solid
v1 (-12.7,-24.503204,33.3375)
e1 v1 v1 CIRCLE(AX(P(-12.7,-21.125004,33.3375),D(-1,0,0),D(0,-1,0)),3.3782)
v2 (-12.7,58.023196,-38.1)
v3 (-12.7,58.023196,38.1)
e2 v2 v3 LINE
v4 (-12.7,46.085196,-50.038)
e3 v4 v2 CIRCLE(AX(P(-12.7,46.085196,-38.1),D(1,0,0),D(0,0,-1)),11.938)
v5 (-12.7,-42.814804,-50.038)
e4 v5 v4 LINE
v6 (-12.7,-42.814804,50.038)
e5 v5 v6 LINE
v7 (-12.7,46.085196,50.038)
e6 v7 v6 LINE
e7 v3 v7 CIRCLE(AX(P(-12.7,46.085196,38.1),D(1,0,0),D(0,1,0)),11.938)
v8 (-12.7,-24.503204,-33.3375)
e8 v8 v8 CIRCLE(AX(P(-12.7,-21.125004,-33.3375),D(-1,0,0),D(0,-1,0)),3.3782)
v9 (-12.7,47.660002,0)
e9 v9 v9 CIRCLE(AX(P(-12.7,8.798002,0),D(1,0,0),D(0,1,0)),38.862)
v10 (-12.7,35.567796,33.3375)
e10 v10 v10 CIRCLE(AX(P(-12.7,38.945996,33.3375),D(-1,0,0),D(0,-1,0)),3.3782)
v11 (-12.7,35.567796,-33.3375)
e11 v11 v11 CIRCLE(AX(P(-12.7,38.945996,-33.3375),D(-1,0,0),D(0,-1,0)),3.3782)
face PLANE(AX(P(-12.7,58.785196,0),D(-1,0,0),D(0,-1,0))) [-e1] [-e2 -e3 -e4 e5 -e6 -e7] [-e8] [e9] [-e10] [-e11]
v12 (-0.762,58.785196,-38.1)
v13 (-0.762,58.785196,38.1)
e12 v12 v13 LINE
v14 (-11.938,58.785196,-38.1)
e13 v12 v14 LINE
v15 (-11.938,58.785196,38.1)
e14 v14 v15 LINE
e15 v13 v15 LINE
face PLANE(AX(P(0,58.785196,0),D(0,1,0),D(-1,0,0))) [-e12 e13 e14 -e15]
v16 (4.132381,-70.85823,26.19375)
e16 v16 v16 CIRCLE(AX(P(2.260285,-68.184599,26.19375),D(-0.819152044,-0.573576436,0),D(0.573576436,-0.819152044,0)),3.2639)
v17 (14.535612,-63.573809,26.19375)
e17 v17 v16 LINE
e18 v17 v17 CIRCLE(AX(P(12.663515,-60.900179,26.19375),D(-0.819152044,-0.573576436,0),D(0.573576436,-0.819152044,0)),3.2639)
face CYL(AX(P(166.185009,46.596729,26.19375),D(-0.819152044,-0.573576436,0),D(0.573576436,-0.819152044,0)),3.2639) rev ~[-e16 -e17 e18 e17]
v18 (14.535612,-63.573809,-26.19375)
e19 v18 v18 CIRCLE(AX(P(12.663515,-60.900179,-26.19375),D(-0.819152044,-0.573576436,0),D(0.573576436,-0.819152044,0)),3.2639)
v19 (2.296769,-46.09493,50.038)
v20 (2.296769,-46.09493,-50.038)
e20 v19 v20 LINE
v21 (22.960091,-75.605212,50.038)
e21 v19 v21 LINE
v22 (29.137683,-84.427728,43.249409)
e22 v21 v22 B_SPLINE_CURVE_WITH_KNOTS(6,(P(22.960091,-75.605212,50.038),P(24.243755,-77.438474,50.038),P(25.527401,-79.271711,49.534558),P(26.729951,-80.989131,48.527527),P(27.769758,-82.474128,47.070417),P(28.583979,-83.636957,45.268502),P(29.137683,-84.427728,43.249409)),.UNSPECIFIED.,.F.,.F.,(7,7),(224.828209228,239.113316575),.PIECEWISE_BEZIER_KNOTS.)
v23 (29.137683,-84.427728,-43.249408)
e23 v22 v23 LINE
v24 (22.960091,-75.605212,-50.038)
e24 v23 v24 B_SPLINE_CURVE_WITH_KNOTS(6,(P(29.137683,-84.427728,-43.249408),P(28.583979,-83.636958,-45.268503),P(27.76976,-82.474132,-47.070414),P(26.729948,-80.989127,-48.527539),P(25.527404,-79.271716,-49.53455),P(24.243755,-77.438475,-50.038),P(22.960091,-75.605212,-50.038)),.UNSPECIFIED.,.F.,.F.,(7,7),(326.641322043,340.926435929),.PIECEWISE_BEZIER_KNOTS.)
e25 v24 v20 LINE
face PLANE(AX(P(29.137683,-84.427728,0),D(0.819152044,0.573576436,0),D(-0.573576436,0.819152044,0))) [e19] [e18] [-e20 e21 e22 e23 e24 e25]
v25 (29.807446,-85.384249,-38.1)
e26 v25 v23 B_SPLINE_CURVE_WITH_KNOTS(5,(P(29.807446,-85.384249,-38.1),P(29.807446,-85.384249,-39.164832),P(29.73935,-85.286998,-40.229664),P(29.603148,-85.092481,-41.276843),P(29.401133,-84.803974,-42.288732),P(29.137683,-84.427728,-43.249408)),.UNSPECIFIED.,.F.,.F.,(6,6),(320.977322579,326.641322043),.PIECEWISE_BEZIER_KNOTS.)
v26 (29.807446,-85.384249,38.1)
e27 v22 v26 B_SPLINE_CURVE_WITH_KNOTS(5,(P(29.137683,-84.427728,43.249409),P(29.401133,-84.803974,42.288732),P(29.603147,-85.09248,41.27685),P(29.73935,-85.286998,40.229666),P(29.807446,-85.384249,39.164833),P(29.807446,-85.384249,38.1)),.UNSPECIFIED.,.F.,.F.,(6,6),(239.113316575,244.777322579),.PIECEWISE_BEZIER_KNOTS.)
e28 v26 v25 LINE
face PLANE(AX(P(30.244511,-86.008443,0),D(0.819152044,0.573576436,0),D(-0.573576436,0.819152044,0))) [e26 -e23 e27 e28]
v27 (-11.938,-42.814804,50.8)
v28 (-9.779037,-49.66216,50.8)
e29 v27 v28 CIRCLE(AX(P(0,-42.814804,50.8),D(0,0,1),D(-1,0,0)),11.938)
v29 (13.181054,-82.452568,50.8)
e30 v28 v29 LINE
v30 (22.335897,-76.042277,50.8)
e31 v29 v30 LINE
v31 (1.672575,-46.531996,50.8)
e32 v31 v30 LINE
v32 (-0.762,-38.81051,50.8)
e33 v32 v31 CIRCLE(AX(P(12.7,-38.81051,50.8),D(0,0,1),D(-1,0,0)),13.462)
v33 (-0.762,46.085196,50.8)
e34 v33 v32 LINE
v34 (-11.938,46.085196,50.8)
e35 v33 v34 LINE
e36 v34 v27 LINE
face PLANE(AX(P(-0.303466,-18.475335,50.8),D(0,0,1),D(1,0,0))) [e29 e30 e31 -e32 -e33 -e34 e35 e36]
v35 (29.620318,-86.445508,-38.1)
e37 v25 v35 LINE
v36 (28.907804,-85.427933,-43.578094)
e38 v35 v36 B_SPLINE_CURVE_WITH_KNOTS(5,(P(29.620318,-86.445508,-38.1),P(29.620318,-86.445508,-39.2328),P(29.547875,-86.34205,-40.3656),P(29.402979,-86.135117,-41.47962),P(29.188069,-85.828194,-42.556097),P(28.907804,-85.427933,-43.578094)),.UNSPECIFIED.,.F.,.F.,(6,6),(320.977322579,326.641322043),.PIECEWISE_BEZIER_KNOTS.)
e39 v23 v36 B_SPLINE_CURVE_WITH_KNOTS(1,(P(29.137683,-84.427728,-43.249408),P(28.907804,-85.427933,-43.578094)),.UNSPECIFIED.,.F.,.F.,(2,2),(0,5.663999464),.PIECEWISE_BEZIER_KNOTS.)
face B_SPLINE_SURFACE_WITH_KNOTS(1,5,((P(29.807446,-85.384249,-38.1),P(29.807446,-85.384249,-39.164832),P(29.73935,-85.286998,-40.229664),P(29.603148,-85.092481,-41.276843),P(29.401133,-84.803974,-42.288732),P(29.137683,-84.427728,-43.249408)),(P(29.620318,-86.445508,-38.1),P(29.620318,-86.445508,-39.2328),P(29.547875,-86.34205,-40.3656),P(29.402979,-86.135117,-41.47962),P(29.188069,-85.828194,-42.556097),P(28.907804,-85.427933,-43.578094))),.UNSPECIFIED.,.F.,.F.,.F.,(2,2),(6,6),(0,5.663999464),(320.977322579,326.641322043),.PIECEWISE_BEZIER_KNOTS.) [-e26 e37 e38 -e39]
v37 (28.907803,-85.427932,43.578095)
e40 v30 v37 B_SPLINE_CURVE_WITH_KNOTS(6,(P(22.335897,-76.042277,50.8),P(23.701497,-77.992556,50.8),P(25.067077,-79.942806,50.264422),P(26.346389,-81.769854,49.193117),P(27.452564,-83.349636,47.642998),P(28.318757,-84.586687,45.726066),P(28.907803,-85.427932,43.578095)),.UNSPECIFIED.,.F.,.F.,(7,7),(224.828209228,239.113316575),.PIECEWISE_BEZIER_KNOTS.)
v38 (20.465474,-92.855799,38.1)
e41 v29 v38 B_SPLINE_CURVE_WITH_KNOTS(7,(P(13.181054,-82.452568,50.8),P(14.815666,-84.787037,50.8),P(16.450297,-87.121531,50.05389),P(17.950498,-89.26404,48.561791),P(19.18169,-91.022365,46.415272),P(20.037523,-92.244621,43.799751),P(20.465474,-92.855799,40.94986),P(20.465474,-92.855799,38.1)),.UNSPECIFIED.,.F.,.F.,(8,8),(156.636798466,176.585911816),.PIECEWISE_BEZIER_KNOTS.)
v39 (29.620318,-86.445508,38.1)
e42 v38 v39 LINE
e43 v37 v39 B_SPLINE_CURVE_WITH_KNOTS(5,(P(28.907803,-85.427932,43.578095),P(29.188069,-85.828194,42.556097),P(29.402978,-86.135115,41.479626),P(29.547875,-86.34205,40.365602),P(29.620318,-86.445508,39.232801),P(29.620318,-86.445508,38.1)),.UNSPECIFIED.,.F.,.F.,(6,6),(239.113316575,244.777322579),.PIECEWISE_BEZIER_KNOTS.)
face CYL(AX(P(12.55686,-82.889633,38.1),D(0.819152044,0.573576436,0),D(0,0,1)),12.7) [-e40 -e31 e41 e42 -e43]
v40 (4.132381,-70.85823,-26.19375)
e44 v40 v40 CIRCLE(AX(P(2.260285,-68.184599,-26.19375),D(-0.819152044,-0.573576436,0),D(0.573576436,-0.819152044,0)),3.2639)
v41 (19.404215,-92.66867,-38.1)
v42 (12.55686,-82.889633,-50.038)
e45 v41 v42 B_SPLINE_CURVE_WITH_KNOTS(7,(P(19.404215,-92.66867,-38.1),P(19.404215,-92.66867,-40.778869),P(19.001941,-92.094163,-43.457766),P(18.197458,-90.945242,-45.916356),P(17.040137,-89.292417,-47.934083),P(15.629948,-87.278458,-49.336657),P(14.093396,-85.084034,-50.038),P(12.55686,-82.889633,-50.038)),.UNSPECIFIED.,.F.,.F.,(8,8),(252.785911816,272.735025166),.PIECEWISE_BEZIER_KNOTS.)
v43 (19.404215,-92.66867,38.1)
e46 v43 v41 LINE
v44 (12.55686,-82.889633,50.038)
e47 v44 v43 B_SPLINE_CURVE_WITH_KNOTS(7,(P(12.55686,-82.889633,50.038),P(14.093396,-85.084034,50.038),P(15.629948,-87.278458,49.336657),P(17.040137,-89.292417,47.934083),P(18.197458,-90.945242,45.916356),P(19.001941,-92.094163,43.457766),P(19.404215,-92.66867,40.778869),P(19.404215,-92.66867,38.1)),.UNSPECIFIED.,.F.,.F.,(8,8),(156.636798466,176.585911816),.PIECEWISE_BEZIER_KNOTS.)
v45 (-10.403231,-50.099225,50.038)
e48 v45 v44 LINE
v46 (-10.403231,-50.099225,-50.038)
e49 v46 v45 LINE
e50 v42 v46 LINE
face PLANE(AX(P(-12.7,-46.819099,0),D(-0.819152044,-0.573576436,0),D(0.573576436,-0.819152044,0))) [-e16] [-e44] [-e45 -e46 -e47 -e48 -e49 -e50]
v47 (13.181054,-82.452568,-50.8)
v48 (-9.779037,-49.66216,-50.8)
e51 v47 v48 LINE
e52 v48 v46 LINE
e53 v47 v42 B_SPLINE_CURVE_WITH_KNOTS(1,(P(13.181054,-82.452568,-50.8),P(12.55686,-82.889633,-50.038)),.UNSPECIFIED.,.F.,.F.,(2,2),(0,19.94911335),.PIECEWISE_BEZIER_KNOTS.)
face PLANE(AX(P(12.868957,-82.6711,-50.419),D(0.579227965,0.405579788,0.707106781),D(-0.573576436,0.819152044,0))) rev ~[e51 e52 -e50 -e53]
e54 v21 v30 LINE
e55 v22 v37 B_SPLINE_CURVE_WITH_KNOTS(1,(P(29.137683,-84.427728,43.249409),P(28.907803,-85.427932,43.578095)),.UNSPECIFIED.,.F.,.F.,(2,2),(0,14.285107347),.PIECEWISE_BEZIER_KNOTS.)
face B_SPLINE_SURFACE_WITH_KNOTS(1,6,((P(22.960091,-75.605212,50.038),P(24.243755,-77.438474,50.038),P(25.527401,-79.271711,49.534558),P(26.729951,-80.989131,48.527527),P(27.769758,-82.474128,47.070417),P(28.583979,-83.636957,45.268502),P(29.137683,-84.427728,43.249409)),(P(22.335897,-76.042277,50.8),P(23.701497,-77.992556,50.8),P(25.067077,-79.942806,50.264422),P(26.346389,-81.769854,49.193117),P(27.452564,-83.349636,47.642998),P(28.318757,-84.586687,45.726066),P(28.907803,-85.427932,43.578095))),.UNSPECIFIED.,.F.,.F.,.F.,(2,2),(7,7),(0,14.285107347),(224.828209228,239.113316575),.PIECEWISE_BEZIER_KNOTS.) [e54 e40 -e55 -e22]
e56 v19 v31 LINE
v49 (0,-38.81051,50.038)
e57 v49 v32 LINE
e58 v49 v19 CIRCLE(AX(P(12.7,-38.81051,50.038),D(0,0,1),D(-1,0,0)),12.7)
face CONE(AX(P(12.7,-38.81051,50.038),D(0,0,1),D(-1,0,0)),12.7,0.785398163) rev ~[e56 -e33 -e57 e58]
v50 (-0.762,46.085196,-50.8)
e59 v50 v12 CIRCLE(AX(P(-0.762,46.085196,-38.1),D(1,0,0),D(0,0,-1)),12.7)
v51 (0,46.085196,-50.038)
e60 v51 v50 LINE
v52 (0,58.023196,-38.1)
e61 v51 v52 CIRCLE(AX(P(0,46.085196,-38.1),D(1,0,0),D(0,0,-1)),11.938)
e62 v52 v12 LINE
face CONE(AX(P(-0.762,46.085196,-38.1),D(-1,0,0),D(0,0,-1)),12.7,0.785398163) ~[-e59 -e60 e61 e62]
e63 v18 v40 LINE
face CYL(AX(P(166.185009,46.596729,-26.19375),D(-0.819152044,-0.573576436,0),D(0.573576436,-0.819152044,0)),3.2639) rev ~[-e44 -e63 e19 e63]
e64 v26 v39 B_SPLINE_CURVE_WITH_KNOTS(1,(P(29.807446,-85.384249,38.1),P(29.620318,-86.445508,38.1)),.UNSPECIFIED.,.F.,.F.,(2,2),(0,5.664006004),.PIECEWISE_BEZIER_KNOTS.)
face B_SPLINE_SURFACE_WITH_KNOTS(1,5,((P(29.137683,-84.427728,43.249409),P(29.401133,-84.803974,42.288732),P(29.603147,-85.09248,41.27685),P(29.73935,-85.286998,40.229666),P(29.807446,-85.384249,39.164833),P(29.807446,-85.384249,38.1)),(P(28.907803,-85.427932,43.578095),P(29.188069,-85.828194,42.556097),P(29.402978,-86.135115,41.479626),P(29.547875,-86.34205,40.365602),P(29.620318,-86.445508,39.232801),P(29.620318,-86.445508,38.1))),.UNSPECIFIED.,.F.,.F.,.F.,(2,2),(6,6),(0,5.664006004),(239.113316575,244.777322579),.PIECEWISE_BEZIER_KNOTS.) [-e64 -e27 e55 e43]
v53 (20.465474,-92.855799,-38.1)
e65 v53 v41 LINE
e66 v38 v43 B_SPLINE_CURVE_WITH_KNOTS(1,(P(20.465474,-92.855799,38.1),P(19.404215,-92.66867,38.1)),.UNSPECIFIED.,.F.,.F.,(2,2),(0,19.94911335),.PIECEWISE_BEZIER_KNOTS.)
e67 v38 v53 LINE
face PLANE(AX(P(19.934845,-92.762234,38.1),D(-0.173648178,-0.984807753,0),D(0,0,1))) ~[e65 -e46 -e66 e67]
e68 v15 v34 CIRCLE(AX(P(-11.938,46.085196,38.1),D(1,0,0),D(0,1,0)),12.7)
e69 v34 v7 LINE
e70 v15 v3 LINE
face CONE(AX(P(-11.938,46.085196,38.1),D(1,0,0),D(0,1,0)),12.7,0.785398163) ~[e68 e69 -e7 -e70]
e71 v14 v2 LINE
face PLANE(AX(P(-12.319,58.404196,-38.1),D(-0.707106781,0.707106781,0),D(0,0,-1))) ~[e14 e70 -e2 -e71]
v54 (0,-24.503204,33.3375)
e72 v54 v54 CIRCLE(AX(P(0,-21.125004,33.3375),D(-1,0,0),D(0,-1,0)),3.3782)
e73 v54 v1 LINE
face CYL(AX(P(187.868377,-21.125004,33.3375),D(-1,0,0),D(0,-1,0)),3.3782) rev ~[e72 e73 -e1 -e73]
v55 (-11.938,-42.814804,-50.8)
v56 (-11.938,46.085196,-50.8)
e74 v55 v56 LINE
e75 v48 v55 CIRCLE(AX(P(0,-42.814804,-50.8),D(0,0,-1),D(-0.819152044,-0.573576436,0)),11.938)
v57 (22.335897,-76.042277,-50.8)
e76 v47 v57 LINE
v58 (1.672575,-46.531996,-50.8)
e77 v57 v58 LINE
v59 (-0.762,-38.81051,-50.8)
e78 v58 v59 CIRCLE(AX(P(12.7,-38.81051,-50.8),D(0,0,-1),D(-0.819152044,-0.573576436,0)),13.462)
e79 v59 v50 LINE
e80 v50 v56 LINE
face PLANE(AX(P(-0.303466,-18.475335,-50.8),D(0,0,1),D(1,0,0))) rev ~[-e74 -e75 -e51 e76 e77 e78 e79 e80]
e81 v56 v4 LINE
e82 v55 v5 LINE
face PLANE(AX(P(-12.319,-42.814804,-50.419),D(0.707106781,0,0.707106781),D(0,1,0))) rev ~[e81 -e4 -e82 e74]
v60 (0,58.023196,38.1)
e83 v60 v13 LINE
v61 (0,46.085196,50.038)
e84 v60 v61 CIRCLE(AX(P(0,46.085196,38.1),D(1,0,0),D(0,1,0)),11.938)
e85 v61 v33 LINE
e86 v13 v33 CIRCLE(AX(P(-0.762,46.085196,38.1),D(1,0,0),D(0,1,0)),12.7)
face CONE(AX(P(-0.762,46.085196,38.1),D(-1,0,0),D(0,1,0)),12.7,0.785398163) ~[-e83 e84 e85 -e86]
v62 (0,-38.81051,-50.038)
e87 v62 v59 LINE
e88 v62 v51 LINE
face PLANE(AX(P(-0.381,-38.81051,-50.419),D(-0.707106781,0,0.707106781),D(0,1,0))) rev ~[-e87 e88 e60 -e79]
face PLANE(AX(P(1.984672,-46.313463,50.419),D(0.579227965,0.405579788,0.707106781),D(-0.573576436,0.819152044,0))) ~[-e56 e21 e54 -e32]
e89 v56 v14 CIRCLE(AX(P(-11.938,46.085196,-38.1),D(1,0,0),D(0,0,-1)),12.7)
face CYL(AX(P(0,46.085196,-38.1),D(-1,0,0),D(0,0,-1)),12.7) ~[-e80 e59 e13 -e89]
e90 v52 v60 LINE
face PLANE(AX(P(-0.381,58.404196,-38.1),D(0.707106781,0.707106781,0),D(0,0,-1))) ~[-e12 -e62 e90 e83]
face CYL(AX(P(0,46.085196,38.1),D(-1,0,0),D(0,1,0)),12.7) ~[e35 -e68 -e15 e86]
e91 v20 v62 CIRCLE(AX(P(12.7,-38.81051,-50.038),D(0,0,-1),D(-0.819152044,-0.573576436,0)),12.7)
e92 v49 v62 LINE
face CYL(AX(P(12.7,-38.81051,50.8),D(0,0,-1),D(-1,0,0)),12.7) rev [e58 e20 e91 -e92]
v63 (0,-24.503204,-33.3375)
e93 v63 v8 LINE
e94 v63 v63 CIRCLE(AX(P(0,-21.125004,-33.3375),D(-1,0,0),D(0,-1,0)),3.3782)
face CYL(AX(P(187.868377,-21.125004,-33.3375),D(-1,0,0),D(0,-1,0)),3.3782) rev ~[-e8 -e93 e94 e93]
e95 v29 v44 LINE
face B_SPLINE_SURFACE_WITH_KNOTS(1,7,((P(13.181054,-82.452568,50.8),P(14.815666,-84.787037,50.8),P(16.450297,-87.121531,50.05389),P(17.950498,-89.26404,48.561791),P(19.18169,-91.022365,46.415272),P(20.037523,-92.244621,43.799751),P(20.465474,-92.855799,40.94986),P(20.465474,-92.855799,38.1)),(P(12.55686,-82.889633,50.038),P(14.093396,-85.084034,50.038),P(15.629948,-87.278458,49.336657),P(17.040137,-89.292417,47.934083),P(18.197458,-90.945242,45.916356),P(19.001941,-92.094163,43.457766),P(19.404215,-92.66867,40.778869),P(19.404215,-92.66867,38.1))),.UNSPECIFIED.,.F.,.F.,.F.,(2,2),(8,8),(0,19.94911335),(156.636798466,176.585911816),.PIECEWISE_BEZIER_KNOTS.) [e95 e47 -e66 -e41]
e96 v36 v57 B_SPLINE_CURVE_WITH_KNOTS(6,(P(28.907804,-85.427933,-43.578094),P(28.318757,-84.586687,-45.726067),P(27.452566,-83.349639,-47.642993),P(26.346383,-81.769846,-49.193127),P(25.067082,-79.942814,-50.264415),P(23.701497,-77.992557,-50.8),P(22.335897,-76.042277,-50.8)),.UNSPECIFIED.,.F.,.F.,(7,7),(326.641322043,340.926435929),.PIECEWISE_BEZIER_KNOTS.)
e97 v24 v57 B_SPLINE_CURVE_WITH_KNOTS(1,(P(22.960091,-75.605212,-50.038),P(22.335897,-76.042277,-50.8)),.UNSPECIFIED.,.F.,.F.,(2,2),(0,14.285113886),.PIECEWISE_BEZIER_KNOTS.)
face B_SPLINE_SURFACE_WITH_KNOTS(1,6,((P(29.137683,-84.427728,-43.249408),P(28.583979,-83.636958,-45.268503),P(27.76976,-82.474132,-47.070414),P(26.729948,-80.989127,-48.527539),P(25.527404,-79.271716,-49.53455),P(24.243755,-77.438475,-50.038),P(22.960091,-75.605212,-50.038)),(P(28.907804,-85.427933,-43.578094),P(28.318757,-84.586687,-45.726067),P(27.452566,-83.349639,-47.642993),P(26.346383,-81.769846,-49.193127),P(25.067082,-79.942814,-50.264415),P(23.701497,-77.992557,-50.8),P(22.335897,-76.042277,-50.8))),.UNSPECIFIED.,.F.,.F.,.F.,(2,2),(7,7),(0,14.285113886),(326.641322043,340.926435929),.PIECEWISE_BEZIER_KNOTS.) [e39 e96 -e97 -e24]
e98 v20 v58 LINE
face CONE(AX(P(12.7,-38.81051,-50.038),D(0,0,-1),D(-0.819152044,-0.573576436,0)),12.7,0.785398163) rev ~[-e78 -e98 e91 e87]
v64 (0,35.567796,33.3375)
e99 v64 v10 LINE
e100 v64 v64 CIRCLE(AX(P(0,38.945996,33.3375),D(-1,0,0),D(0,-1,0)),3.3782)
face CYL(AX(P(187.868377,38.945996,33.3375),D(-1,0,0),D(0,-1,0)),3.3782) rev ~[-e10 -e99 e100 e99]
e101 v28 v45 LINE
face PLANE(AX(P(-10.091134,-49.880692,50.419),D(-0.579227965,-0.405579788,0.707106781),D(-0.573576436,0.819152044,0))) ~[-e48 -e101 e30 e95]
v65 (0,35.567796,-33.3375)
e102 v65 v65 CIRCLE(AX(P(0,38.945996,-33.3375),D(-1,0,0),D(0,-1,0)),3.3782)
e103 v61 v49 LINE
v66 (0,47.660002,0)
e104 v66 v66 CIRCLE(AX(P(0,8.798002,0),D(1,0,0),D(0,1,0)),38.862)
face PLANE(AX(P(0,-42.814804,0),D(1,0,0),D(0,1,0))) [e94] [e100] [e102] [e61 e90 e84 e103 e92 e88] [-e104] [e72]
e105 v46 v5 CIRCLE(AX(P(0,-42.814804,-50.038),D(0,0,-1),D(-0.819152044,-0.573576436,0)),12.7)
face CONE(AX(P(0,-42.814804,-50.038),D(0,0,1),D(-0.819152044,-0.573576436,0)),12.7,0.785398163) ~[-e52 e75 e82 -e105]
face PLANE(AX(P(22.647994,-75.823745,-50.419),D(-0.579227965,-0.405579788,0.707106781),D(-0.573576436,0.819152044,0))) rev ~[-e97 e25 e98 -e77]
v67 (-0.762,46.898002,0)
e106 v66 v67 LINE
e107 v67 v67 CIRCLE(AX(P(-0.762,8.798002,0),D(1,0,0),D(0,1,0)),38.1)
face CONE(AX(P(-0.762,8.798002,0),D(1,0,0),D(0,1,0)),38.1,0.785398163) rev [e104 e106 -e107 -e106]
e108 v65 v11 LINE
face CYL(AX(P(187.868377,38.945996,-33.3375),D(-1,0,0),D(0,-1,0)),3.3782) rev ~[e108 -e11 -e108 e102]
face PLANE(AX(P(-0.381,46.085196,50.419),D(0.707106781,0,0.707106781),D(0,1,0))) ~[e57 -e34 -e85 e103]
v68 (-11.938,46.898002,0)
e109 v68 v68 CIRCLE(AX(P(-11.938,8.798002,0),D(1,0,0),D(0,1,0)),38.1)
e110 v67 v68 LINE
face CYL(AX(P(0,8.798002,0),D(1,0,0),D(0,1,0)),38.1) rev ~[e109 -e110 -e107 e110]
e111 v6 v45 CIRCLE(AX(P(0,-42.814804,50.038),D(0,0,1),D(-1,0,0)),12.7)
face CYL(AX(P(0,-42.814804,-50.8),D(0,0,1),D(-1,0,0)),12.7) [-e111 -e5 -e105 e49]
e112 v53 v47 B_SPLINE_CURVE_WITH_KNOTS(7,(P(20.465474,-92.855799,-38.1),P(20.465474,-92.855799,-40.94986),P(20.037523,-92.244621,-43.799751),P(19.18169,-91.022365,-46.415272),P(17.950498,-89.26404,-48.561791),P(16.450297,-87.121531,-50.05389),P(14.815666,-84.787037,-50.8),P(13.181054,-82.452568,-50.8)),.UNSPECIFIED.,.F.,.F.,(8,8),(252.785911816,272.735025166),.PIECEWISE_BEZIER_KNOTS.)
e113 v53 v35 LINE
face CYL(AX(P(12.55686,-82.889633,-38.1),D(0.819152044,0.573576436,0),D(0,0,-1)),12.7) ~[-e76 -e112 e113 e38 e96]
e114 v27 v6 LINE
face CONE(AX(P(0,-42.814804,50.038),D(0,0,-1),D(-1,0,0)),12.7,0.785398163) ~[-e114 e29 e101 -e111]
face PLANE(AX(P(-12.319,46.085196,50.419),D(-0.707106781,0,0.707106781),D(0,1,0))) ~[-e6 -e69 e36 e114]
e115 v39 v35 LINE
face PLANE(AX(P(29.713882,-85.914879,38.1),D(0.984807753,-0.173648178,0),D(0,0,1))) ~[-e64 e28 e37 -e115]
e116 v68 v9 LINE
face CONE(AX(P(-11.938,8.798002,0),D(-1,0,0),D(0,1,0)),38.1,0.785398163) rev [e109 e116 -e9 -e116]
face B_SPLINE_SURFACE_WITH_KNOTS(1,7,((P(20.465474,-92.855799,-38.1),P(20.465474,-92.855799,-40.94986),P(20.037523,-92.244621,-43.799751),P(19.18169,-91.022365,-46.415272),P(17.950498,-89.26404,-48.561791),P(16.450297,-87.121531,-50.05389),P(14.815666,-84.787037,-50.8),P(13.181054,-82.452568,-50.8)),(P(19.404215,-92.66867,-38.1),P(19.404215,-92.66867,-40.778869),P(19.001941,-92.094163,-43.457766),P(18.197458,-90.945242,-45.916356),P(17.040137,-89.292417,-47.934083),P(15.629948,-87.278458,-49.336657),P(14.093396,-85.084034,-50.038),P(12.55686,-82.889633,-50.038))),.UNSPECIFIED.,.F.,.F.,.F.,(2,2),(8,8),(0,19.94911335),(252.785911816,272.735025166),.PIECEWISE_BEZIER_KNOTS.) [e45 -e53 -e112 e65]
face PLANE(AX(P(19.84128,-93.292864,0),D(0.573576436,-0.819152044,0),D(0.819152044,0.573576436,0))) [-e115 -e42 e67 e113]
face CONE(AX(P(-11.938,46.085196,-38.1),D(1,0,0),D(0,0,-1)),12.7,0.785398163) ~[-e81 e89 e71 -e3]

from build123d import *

# Parameters (mm, degrees)
F1_DEPTH = 50.8
F3_D     = 6.7564
F4_R     = 38.1
F5_DEPTH = 13.462
F6_R     = 12.7
F7_R     = 12.7
F8_SIZE  = 0.762
F10_D    = 6.5278


with BuildPart() as f1:
    # F0 (on Top) → F1 (new body, symmetric)
    with BuildSketch(Plane.XY):
        Polygon((0, -42.8148043404), (0, 58.7851956596), (-12.7, 58.7851956596), (-12.7, -46.8190989592), (19.8412804977, -93.2928638389), (30.2445114602, -86.0084430972), (29.1376829666, -84.4277281903), align=None)
    extrude(amount=F1_DEPTH, both=True)

    # F3 (through all)
    with Locations(Plane.YZ):
        with Locations((38.9459957701, 33.3375), (38.9459957701, -33.3375), (-21.1250042299, -33.3375), (-21.1250042299, 33.3375)):
            Hole(F3_D / 2)

    # F4 (on face) → F5 (cut)
    with BuildSketch(Plane.YZ):
        with Locations((8.7980022654, 0)):
            Circle(F4_R)
    extrude(amount=-F5_DEPTH, mode=Mode.SUBTRACT)

    # F6
    f6_edges = [f1.edges().sort_by_distance(p)[0] for p in [
        (-6.35, 58.785196, -50.8),
        (-6.35, 58.785196, 50.8),
        (25.042896, -89.650653, 50.8),
        (25.042896, -89.650653, -50.8),
    ]]
    fillet(f6_edges, radius=F6_R)

    # F7
    f7_edges = [f1.edges().sort_by_distance(p)[0] for p in [
        (0, -42.814804, 0),
        (-12.7, -46.819099, 0),
    ]]
    fillet(f7_edges, radius=F7_R)

    # F8
    f8_edges = [f1.edges().sort_by_distance(p)[0] for p in [
        (0, -29.301998, 0),
        (-12.7, -29.301998, 0),
        (0, 58.785196, 0),
        (0, 55.065452, -47.080256),
        (0, 3.637343, -50.8),
        (0.587795, -42.629473, -50.8),
        (28.110954, -82.961407, -47.080256),
        (12.62843, -60.850071, -50.8),
        (30.244511, -86.008443, 0),
        (28.110954, -82.961407, 47.080256),
        (12.62843, -60.850071, 50.8),
        (-12.7, 55.065452, 47.080256),
        (-12.7, 1.635196, 50.8),
        (-12.7, 58.785196, 0),
    ]]
    chamfer(f8_edges, length=F8_SIZE)

    # F10 (through all)
    with Locations(Plane(origin=(-20.1163778496, -14.0856394117, 0), x_dir=(-0.5735764364, 0.8191520443, 0), z_dir=(0.8191520443, 0.5735764364, 0))):
        with Locations((-57.15, -26.19375), (-57.15, 26.19375)):
            Hole(F10_D / 2)


solid = f1.part
